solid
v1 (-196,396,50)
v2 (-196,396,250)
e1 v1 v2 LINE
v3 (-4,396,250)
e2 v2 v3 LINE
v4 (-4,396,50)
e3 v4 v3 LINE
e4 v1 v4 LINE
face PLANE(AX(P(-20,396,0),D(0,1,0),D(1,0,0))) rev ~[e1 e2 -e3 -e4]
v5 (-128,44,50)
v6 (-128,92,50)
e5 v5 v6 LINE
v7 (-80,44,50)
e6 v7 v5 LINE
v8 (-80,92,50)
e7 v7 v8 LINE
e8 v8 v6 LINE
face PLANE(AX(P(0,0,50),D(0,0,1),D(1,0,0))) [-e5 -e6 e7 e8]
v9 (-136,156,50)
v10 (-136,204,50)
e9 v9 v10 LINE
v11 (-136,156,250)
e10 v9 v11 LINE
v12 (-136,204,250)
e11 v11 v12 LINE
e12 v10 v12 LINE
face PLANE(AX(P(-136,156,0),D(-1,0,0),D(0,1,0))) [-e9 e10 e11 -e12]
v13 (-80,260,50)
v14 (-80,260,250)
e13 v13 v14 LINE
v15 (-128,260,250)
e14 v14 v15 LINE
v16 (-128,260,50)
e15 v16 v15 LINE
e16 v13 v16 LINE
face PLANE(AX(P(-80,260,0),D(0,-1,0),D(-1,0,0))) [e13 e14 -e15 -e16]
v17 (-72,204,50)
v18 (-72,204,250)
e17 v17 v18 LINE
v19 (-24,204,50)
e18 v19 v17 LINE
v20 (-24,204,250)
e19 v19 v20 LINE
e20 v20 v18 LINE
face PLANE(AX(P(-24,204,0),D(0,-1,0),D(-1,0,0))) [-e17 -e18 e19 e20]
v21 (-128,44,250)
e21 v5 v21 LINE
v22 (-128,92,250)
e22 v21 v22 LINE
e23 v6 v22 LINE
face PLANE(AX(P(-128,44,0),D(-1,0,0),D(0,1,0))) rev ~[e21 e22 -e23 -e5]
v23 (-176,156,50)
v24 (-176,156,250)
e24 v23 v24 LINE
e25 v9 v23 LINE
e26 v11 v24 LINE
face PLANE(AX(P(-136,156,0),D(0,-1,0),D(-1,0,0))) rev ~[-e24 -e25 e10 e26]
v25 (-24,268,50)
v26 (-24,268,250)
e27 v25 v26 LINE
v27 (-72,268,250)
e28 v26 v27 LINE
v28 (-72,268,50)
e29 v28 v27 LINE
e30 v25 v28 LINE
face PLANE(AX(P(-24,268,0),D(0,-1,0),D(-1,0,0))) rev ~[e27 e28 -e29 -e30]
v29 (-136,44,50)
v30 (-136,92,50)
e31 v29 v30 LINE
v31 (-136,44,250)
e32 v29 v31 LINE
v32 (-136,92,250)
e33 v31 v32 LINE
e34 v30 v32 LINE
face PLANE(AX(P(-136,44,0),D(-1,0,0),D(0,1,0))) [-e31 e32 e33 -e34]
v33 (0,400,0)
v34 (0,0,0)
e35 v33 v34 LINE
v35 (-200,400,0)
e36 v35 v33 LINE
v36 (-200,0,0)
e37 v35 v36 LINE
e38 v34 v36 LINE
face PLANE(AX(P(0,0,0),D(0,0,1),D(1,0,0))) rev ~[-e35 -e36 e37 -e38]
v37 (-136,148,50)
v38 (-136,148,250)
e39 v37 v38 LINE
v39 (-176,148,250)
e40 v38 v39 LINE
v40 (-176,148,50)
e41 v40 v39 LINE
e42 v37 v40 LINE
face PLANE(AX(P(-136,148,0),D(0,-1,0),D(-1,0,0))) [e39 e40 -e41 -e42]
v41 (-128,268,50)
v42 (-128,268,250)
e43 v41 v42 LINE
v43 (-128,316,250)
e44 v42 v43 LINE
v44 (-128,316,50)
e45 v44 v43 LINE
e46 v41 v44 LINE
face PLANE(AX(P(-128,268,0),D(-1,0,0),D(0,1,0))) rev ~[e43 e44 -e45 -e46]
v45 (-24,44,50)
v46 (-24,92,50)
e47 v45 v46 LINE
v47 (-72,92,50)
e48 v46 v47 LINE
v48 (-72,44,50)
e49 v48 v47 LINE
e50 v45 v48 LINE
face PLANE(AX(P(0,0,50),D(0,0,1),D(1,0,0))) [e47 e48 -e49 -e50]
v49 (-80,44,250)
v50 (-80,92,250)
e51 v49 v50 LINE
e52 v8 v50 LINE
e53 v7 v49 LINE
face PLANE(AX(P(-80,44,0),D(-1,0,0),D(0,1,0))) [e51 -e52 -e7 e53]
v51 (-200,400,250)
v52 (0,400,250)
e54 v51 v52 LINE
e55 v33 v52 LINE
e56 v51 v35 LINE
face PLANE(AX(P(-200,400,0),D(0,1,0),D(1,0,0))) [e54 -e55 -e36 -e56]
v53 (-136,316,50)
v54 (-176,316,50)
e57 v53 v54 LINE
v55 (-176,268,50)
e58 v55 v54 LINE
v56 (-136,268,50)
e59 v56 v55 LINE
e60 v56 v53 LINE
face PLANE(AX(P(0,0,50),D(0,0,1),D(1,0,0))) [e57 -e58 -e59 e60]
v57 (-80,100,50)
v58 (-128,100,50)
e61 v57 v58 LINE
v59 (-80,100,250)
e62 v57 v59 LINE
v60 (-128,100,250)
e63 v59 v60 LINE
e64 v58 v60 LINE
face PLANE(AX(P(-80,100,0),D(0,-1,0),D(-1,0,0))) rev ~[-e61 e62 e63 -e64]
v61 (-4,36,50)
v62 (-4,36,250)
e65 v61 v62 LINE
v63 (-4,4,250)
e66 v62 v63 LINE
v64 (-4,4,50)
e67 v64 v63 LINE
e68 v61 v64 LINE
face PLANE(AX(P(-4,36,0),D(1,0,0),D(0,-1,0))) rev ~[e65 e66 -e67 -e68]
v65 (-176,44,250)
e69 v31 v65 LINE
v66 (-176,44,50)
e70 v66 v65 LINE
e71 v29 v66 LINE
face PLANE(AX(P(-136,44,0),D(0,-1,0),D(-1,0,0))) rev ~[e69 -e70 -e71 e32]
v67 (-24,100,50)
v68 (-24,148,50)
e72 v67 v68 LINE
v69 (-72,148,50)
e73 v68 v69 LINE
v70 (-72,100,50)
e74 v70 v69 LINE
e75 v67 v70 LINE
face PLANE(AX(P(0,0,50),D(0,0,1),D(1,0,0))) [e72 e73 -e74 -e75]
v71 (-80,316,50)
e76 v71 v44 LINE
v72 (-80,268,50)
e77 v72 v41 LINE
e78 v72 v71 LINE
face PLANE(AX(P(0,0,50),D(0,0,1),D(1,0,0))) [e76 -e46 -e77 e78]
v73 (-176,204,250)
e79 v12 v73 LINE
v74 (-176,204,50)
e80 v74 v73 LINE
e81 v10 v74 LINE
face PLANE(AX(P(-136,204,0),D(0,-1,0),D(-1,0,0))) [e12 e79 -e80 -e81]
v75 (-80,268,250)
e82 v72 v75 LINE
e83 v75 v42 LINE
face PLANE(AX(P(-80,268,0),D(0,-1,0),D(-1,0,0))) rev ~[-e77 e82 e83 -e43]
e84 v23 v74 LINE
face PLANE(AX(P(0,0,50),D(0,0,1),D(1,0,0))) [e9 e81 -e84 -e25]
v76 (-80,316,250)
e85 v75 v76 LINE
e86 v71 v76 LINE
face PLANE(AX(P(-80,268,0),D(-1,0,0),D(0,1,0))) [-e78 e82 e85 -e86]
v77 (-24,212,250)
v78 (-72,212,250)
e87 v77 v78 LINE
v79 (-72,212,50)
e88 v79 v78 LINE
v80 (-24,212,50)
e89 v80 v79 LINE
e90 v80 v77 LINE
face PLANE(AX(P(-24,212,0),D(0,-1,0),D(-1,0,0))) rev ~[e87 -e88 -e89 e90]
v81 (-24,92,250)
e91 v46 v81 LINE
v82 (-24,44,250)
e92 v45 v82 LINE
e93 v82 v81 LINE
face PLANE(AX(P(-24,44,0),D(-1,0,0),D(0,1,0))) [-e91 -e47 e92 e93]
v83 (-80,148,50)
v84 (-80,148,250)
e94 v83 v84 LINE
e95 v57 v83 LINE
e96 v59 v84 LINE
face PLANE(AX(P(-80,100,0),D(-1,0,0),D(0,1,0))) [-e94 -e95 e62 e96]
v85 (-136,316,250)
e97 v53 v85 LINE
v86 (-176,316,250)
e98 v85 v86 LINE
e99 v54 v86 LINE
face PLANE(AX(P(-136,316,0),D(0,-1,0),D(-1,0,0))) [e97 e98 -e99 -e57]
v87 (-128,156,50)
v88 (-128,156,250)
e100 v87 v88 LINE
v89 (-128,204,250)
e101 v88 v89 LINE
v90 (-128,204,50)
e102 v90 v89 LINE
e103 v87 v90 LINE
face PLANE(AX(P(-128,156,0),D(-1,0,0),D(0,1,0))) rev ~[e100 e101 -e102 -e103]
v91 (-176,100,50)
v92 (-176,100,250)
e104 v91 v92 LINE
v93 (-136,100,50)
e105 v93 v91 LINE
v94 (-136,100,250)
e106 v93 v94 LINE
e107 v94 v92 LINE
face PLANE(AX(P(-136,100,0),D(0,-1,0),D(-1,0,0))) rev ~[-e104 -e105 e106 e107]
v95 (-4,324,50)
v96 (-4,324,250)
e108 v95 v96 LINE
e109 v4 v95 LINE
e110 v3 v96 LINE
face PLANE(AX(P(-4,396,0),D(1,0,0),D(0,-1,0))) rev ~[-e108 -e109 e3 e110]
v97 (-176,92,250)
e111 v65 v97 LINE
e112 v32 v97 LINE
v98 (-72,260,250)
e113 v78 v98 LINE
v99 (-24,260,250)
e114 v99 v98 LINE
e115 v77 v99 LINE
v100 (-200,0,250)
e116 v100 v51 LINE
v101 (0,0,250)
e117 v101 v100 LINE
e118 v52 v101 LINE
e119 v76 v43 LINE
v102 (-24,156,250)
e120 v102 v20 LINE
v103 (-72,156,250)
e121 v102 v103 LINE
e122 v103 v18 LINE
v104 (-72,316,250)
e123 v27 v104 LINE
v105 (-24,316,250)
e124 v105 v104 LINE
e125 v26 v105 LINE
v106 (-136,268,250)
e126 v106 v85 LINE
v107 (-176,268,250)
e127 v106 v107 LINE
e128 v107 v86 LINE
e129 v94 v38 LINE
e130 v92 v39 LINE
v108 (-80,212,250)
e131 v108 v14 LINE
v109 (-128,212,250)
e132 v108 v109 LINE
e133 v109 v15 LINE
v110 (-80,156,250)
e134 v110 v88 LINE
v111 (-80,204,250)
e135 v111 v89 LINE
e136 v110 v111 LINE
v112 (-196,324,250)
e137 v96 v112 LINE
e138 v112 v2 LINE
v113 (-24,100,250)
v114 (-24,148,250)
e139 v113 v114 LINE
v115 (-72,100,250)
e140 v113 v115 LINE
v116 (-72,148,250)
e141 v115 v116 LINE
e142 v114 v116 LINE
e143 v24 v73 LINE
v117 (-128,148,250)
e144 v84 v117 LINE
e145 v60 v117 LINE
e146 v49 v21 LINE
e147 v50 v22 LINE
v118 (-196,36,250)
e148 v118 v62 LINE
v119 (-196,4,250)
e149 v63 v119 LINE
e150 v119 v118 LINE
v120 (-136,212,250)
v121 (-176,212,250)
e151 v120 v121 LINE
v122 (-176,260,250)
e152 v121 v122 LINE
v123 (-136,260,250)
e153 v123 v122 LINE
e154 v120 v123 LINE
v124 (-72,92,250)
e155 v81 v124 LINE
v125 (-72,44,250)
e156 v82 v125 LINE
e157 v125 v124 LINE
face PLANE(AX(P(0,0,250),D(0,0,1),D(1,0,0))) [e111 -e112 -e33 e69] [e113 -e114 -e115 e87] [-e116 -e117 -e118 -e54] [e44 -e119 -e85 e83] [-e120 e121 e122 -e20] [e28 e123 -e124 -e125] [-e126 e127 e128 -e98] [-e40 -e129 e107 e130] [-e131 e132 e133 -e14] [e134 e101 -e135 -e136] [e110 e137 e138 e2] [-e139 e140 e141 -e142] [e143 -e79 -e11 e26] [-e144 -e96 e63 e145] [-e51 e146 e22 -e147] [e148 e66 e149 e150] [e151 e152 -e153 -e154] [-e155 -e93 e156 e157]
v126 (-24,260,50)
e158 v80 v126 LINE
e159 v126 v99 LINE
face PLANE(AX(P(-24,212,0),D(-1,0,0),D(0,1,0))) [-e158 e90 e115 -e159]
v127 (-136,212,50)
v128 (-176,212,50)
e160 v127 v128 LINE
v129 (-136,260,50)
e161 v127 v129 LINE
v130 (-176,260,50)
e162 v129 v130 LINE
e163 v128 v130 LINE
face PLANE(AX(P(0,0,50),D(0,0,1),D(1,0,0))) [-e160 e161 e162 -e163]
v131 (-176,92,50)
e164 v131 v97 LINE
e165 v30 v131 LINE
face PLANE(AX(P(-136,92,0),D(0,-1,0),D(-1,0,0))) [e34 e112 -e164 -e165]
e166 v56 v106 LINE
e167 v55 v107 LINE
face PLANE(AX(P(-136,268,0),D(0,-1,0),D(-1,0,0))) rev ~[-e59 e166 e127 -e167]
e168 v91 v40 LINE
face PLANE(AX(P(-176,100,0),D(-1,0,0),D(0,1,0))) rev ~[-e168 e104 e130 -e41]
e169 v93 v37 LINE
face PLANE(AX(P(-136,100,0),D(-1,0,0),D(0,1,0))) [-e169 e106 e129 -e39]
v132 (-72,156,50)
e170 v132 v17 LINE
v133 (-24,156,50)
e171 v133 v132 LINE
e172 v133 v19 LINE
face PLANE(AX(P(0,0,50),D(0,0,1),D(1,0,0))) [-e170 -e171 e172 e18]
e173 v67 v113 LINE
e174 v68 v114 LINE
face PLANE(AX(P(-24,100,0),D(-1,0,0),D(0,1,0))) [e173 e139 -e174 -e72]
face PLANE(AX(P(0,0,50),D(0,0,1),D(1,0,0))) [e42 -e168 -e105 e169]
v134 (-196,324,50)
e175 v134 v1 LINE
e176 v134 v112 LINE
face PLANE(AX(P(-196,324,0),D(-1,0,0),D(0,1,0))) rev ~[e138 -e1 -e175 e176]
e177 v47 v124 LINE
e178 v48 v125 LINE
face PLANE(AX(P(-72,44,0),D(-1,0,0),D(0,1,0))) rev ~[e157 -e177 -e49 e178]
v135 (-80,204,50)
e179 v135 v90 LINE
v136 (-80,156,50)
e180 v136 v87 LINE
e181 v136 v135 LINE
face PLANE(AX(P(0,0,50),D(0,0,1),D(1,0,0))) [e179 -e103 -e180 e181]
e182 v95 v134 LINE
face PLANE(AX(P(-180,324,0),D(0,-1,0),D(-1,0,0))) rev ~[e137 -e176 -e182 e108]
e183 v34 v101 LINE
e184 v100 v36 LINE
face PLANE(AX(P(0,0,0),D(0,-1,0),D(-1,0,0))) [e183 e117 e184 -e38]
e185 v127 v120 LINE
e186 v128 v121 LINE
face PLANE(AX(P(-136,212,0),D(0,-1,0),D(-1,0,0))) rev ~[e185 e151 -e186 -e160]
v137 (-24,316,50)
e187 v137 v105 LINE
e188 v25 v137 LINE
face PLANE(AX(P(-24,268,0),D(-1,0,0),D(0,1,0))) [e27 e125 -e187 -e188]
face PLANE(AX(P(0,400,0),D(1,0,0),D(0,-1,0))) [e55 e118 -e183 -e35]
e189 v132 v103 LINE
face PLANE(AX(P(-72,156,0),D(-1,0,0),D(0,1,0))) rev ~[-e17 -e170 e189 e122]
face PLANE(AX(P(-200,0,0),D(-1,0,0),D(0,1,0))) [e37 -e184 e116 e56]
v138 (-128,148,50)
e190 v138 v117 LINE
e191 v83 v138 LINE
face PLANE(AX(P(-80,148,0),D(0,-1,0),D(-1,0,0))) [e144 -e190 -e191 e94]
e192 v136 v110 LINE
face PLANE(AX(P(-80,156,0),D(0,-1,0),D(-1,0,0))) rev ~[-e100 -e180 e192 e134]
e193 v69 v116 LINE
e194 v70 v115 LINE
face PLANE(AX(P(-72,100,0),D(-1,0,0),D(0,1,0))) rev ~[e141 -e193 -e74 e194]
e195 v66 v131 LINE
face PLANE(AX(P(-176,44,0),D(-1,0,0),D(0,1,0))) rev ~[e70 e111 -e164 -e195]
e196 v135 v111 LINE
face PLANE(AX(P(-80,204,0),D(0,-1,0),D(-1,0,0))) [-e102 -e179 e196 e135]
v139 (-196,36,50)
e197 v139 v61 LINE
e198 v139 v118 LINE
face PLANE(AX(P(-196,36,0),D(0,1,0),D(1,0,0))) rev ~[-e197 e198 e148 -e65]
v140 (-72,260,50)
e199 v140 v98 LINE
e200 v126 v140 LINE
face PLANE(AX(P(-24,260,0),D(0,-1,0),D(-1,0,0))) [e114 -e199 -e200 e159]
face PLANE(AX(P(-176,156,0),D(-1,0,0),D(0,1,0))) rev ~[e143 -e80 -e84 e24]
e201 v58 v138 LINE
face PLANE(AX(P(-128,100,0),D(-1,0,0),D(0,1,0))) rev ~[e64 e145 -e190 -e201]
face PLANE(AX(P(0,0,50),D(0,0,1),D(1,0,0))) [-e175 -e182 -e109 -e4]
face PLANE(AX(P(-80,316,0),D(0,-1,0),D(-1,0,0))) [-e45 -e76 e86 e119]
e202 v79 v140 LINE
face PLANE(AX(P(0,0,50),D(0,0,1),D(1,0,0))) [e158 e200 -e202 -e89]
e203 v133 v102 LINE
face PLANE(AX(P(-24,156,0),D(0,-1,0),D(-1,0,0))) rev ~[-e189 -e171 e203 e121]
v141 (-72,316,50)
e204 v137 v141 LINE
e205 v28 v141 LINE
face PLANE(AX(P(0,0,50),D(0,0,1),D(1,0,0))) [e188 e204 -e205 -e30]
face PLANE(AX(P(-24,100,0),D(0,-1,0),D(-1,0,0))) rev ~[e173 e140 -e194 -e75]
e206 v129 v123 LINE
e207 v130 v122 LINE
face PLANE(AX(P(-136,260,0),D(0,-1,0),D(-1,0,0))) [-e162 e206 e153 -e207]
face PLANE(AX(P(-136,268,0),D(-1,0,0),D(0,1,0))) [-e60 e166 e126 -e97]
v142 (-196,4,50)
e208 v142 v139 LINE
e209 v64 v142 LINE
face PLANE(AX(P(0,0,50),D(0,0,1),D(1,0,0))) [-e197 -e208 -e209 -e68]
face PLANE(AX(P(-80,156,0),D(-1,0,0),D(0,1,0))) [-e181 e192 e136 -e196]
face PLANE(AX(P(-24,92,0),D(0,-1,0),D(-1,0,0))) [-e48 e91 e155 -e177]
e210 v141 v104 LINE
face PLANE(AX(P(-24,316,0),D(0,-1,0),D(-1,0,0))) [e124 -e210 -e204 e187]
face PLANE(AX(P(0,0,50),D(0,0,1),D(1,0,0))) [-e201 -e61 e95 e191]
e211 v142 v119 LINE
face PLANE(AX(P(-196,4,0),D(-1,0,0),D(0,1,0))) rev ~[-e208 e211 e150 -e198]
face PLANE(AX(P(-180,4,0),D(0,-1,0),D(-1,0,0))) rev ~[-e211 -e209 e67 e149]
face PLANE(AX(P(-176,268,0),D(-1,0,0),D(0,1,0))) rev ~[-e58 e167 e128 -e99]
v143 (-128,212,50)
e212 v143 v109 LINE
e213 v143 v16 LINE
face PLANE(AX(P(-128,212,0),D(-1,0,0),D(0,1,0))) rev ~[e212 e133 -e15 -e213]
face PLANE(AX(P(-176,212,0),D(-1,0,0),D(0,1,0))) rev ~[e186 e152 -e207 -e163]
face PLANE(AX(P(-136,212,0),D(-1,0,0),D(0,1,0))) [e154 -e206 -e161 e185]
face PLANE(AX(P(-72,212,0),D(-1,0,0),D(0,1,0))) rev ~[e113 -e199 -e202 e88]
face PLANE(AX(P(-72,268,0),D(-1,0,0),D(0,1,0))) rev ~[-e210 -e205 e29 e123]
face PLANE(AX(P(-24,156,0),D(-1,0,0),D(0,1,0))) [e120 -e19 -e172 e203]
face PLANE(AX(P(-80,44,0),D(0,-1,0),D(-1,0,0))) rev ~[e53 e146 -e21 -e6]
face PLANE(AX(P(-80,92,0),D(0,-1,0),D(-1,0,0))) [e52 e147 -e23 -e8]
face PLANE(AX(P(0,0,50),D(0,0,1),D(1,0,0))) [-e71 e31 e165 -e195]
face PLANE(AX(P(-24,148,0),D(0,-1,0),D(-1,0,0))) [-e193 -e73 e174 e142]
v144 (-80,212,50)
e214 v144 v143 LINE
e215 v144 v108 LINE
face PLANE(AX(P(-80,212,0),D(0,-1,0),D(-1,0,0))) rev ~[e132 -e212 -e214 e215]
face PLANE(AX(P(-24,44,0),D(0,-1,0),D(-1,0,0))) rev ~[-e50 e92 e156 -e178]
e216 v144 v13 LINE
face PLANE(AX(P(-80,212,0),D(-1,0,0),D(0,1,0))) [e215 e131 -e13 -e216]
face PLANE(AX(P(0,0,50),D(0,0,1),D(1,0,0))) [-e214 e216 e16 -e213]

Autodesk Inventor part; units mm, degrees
ref_plane "YZ Plane" through (0, 0, 0) normal (1, 0, 0) x (0, 1, 0)
ref_plane "XZ Plane" through (0, 0, 0) normal (0, 1, 0) x (-1, 0, 0)
ref_plane "XY Plane" through (0, 0, 0) normal (0, 0, 1) x (1, 0, 0)
sketch "Sketch1" plane through (0, 0, 0) normal (0, 0, 1) x (1, 0, 0)
  line L0 (0, 0) -> (-200, 0)
  line L1 (-200, 400) -> (0, 400)
  line L2 (0, 400) -> (0, 0)
  line L3 (-136, 212) -> (-176, 212)
  line L4 (-136, 204) -> (-176, 204)
  line L5 (-80, 212) -> (-128, 212)
  line L6 (-80, 204) -> (-128, 204)
  line L7 (-196, 324) -> (-196, 396)
  line L8 (-180, 324) -> (-196, 324)
  line L9 (-180, 316) -> (-196, 316)
  line L10 (-136, 324) -> (-176, 324)
  line L11 (-136, 316) -> (-176, 316)
  line L12 (-4, 324) -> (-20, 324)
  line L13 (-4, 316) -> (-20, 316)
  line L14 (-24, 324) -> (-72, 324)
  line L15 (-80, 324) -> (-128, 324)
  line L16 (-24, 316) -> (-72, 316)
  line L17 (-80, 316) -> (-128, 316)
  line L18 (-20, 268) -> (-20, 316)
  line L19 (-24, 268) -> (-24, 316)
  line L20 (-24, 268) -> (-72, 268)
  line L21 (-72, 212) -> (-72, 260)
  line L22 (-72, 268) -> (-72, 316)
  line L23 (-24, 260) -> (-72, 260)
  line L24 (-80, 212) -> (-80, 260)
  line L25 (-80, 268) -> (-80, 316)
  line L26 (-80, 268) -> (-128, 268)
  line L27 (-136, 212) -> (-136, 260)
  line L28 (-136, 268) -> (-136, 316)
  line L29 (-80, 260) -> (-128, 260)
  line L30 (-128, 212) -> (-128, 260)
  line L31 (-128, 268) -> (-128, 316)
  line L32 (-136, 268) -> (-176, 268)
  line L33 (-136, 260) -> (-176, 260)
  line L34 (-196, 212) -> (-196, 260)
  line L35 (-196, 268) -> (-196, 316)
  line L36 (-180, 212) -> (-180, 260)
  line L37 (-180, 268) -> (-180, 316)
  line L38 (-176, 212) -> (-176, 260)
  line L39 (-176, 268) -> (-176, 316)
  line L40 (-200, 0) -> (-200, 152)
  line L41 (-200, 156) -> (-200, 400)
  line L42 (-180, 44) -> (-196, 44)
  line L43 (-136, 44) -> (-176, 44)
  line L44 (-80, 44) -> (-128, 44)
  line L45 (-4, 4) -> (-20, 4)
  line L46 (-180, 4) -> (-196, 4)
  line L47 (-80, 44) -> (-80, 92)
  line L48 (-72, 44) -> (-72, 92)
  line L49 (-128, 44) -> (-128, 92)
  line L50 (-80, 100) -> (-128, 100)
  line L51 (-136, 44) -> (-136, 92)
  line L52 (-80, 92) -> (-128, 92)
  line L53 (-24, 100) -> (-72, 100)
  line L54 (-24, 92) -> (-72, 92)
  line L55 (-24, 100) -> (-24, 148)
  line L56 (-20, 100) -> (-20, 148)
  line L57 (-4, 148) -> (-4, 100)
  line L58 (-72, 100) -> (-72, 148)
  line L59 (-72, 156) -> (-72, 204)
  line L60 (-80, 100) -> (-80, 148)
  line L61 (-80, 156) -> (-80, 204)
  line L62 (-24, 156) -> (-72, 156)
  line L63 (-24, 148) -> (-72, 148)
  line L64 (-128, 100) -> (-128, 148)
  line L65 (-128, 156) -> (-128, 204)
  line L66 (-80, 156) -> (-128, 156)
  line L67 (-136, 100) -> (-136, 148)
  line L68 (-136, 156) -> (-136, 204)
  line L69 (-80, 148) -> (-128, 148)
  line L70 (-136, 156) -> (-176, 156)
  line L71 (-136, 148) -> (-176, 148)
  line L72 (-180, 156) -> (-180, 204)
  line L73 (-176, 156) -> (-176, 204)
  line L74 (-196, 156) -> (-196, 204)
  line L75 (-20, 396) -> (-4, 396)
  line L76 (-72, 396) -> (-24, 396)
  line L77 (-128, 396) -> (-80, 396)
  line L78 (-196, 396) -> (-180, 396)
  line L79 (-176, 396) -> (-136, 396)
  line L80 (-136, 100) -> (-176, 100)
  line L81 (-136, 92) -> (-176, 92)
  line L82 (-180, 44) -> (-180, 92)
  line L83 (-180, 100) -> (-180, 148)
  line L84 (-176, 44) -> (-176, 92)
  line L85 (-176, 100) -> (-176, 148)
  line L86 (-196, 44) -> (-196, 92)
  line L87 (-196, 100) -> (-196, 148)
  line L88 (-4, 44) -> (-20, 44)
  line L89 (-24, 44) -> (-72, 44)
  line L90 (-24, 44) -> (-24, 92)
  line L91 (-20, 44) -> (-20, 92)
  line L92 (-4, 92) -> (-4, 44)
  line L93 (-4, 396) -> (-4, 324)
  line L94 (-4, 316) -> (-4, 268)
  line L95 (-180, 396) -> (-176, 396)
  line L96 (-136, 396) -> (-128, 396)
  line L97 (-80, 396) -> (-72, 396)
  line L98 (-24, 396) -> (-20, 396)
  line L99 (-20, 324) -> (-24, 324)
  line L100 (-72, 324) -> (-80, 324)
  line L101 (-128, 324) -> (-136, 324)
  line L102 (-176, 324) -> (-180, 324)
  line L103 (-200, 152) -> (-200, 156)
  line L104 (-24, 212) -> (-72, 212)
  line L105 (-24, 156) -> (-24, 204)
  line L106 (-24, 212) -> (-24, 260)
  line L107 (-24, 204) -> (-72, 204)
  line L108 (-20, 156) -> (-20, 204)
  line L109 (-20, 212) -> (-20, 260)
  line L110 (-4, 260) -> (-4, 212)
  line L111 (-4, 204) -> (-4, 156)
  line L112 (-4, 4) -> (-196, 4)
  line L113 (-196, 4) -> (-196, 36)
  line L114 (-196, 36) -> (-4, 36)
  line L115 (-4, 36) -> (-4, 4)
  line L116 (-180, 44) -> (-196, 44)
  line L117 (-196, 44) -> (-196, 316)
  line L118 (-196, 316) -> (-180, 316)
  line L119 (-180, 316) -> (-180, 44)
  line L120 (-20, 316) -> (-4, 316)
  line L121 (-4, 316) -> (-4, 44)
  line L122 (-4, 44) -> (-20, 44)
  line L123 (-20, 44) -> (-20, 316)
  point P0 (-20, 4)
  point P1 (-180, 4)
  dimension "d0" = 200
  dimension "d1" = 400
  dimension "d32" = 4
  dimension "d33" = 16
  dimension "d34" = 4
  dimension "d35" = 40
  dimension "d36" = 4
  dimension "d37" = 20
  dimension "d38" = 4
  dimension "d39" = 48
  dimension "d40" = 8
  dimension "d41" = 48
  dimension "d42" = 48
  dimension "d43" = 4
  dimension "d44" = 32
  dimension "d45" = 192
  dimension "d46" = 4
  dimension "d47" = 4
extrude "Extrusion1" add sketch "Sketch1" along normal blind 250 contours L0 L40 L103 L41 L1 L2 | L37 L119 L36 L72 L83 L82 L42 L86 L117 L87 L74 L34 L35 L9 | L94 L121 L110 L111 L57 L92 L88 L91 L123 L56 L108 L109 L18 L13
extrude "Extrusion2" add sketch "Sketch1" along normal blind 50 contours L0 L40 L103 L41 L1 L2 | L3 L38 L33 L27 | L68 L70 L73 L4 | L5 L30 L29 L24 | L61 L66 L65 L6 | L7 L78 L95 L79 L96 L77 L97 L76 L98 L75 L93 L12 L99 L14 L100 L15 L101 L10 L102 L8 | L37 L119 L36 L72 L83 L82 L42 L86 L117 L87 L74 L34 L35 L9 | L28 L32 L39 L11 | L94 L121 L110 L111 L57 L92 L88 L91 L123 L56 L108 L109 L18 L13 | L19 L20 L22 L16 | L25 L26 L31 L17 | L21 L23 L106 L104 | L43 L84 L81 L51 | L44 L49 L52 L47 | L45 L112 L46 L113 L114 L115 | L48 L54 L90 L89 | L50 L64 L69 L60 | L53 L58 L63 L55 | L59 L107 L105 L62 | L80 L85 L71 L67
properties part number "mainbox" material "Stainless Steel"
